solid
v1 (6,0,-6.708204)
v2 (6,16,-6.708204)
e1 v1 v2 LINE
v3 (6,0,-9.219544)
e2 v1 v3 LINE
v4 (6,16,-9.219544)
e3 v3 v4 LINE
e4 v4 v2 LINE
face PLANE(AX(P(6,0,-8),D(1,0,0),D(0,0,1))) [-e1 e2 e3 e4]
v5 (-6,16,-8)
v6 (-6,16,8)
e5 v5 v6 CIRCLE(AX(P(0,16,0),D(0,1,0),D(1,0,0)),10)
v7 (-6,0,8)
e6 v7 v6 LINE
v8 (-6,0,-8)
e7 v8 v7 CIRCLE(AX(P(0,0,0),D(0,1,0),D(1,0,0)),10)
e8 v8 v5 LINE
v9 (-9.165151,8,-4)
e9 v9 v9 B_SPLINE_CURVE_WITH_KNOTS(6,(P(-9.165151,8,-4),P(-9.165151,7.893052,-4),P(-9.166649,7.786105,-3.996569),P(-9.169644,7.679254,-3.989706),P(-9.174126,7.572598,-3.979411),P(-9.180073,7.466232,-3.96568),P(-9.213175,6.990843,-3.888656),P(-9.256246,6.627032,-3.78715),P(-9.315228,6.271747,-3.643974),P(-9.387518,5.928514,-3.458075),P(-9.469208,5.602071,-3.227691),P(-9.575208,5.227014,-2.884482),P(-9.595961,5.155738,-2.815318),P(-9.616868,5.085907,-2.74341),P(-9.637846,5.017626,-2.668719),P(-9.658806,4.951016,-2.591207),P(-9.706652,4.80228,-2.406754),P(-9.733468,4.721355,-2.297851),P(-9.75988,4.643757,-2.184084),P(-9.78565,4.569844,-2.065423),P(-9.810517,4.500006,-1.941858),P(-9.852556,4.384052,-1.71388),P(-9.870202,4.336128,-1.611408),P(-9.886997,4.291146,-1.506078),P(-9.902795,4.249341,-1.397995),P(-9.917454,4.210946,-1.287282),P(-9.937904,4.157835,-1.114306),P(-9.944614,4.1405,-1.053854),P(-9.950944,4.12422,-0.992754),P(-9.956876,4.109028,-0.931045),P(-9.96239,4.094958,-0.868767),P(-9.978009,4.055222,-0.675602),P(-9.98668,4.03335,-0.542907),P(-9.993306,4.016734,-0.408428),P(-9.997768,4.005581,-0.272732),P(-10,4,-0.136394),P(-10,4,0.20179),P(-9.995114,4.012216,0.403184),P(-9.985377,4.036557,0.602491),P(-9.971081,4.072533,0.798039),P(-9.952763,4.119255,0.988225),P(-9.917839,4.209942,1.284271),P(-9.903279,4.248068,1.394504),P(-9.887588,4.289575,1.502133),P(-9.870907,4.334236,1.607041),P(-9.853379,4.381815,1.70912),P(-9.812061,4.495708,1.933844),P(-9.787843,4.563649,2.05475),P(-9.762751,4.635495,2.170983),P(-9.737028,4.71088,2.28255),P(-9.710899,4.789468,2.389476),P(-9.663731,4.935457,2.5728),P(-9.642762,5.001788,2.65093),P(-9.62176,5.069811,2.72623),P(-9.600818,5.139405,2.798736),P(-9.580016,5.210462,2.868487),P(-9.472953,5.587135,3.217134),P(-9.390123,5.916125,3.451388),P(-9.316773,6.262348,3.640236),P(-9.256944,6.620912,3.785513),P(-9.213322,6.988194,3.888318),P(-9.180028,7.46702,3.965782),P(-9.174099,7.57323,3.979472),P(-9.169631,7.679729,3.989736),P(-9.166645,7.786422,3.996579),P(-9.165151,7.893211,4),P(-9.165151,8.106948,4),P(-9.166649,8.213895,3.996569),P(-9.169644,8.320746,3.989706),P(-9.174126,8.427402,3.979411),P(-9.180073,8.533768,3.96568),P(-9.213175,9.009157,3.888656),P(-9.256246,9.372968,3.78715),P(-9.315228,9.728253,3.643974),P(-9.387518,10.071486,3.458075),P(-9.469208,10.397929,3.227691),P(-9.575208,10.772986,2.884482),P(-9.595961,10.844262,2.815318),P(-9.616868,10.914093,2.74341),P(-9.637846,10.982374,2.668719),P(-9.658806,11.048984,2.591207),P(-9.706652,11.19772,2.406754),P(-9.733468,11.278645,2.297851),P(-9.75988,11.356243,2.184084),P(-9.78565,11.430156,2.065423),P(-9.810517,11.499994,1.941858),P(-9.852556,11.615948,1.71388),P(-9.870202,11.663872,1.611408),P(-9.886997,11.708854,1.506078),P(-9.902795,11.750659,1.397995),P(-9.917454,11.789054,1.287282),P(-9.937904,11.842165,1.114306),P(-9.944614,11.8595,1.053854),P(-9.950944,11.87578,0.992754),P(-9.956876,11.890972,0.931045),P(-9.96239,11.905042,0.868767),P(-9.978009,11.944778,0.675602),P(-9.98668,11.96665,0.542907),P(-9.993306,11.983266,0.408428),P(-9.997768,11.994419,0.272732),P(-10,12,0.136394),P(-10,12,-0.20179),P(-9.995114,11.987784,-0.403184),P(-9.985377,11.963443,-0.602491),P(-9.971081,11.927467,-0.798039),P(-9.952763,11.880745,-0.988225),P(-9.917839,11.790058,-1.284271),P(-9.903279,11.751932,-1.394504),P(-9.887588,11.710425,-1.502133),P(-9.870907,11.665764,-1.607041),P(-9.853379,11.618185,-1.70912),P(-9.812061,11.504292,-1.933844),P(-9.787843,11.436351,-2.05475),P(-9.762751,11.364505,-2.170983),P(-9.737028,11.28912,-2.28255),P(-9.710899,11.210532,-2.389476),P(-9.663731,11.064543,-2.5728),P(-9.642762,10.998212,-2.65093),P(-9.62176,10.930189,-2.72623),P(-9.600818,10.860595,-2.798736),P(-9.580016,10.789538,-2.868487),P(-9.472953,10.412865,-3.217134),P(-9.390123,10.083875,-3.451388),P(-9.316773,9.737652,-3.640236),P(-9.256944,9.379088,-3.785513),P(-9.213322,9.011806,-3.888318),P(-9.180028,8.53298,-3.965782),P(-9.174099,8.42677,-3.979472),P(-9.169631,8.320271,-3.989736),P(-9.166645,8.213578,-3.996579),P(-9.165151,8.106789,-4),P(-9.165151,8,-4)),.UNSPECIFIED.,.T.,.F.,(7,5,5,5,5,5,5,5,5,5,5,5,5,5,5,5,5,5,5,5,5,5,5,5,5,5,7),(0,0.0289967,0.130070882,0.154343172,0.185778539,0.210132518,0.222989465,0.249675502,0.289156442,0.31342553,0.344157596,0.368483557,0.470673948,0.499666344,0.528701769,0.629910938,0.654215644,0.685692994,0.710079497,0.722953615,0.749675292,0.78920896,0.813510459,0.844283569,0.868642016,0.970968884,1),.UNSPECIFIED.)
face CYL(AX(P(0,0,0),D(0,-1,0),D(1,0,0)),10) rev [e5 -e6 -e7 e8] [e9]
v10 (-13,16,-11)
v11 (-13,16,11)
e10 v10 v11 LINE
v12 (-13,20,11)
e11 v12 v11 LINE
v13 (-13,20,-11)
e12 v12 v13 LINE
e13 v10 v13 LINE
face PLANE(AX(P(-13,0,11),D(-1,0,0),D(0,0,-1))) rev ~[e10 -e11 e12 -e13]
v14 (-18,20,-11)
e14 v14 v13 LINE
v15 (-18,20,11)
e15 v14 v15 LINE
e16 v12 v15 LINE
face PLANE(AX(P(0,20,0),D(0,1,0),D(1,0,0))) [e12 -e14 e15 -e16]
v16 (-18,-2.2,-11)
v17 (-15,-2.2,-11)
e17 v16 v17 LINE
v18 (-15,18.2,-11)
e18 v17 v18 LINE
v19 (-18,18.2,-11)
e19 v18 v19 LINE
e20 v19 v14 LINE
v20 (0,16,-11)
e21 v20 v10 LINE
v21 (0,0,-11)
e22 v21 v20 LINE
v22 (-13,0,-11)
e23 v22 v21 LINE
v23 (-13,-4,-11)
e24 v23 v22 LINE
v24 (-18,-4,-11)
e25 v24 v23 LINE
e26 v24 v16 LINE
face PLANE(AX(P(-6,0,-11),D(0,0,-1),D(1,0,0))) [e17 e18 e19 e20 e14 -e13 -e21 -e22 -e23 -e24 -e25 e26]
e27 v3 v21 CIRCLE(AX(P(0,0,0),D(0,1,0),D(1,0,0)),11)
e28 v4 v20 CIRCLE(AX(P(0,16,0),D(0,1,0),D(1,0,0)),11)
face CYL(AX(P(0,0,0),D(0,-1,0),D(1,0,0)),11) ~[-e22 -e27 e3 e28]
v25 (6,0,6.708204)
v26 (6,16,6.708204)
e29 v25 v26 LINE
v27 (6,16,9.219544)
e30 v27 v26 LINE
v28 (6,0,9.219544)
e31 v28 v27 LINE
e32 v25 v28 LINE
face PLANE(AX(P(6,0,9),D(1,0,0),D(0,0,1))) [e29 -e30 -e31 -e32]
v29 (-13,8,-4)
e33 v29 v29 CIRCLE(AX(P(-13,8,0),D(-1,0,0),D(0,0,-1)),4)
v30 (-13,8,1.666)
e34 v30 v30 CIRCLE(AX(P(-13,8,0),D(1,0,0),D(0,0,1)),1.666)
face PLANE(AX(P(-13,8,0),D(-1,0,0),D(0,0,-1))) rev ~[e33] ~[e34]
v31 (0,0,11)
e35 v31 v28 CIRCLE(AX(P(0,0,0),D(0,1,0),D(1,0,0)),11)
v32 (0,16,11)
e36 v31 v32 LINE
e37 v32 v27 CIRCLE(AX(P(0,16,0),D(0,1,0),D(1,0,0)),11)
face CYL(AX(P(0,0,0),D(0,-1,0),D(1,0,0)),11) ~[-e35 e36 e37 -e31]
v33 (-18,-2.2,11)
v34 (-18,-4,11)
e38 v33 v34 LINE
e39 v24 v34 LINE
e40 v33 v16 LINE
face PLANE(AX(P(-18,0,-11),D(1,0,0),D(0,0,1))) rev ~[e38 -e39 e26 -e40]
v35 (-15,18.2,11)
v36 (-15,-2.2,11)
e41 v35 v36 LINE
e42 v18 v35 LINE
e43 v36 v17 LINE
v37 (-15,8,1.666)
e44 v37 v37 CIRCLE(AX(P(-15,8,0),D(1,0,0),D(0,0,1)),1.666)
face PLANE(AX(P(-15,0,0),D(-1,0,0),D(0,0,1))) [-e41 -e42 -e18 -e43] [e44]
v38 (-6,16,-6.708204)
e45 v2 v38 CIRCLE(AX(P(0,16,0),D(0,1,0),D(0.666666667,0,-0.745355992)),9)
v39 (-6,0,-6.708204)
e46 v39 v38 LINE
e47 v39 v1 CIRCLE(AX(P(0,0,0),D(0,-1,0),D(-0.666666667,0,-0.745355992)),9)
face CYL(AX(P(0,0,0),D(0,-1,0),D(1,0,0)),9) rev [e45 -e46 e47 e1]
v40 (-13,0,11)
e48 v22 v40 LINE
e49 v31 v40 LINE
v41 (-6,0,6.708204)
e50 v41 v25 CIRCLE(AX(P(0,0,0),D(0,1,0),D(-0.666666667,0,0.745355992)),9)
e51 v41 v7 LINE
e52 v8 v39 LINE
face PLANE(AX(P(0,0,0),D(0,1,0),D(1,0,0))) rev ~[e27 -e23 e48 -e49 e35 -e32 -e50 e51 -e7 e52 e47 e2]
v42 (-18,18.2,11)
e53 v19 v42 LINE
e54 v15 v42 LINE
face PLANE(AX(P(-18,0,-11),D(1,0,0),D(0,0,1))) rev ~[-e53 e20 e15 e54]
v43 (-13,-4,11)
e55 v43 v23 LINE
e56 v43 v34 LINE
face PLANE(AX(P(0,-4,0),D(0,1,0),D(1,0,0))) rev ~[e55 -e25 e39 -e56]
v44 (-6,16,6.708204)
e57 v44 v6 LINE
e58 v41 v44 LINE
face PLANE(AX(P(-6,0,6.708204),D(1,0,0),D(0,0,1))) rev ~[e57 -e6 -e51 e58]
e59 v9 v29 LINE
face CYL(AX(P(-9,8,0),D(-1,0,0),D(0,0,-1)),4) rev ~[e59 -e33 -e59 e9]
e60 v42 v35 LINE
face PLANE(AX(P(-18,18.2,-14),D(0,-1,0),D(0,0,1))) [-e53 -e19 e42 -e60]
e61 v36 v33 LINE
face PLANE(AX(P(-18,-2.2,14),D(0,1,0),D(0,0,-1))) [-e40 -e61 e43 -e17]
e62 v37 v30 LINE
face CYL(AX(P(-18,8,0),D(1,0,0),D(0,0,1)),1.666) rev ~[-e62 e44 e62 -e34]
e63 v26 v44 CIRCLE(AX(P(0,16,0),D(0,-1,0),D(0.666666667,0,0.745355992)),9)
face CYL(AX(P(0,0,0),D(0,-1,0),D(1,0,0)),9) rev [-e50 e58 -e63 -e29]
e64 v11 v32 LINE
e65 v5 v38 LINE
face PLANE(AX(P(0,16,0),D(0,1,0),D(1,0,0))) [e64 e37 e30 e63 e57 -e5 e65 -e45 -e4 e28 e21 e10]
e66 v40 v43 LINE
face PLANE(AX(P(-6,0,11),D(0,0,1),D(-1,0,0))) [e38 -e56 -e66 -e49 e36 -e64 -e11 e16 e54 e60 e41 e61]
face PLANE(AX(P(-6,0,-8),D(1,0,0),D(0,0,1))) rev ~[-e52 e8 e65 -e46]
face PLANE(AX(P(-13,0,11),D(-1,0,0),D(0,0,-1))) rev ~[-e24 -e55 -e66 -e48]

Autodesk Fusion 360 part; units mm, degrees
cylinder "CylinderPrimitive1" add diameter 18.5 height 80 placed x (1, 0, 0) y (0, 0, -1) z (0, 1, 0) at (0, 0, 0) makes body 1
sketch "Sketch2" plane through (0, 0, 0) normal (0, 1, 0) x (1, 0, 0)
  circle A0 centre (0, 0) radius 9
  line L0 (-23.395, 11) -> (16.2834, 11)
  line L1 (16.2834, 11) -> (16.2834, -11)
  line L2 (16.2834, -11) -> (-23.395, -11)
  line L3 (-23.395, -11) -> (-23.395, 11)
  circle A1 centre (0, 0) radius 10
  line L4 (0, 17.0641) -> (0, -18.6824) construction
  line L5 (-36.3056, 0) -> (26.2246, 0) construction
  line L6 (0, 9) -> (13.2349, 9)
  line L7 (13.2349, 9) -> (13.2349, -9)
  line L8 (13.2349, -9) -> (0, -9)
  line L9 (0, -9) -> (0, 9)
  line L10 (6, 8) -> (6, -8)
  circle A2 centre (0, 0) radius 11
  line L11 (6, 8) -> (6, 11)
  line L12 (6, -8) -> (6, -11)
  line L13 (-13, 11) -> (-18, 11)
  line L14 (-18, 11) -> (-18, -11)
  line L15 (-18, -11) -> (-13, -11)
  line L16 (-13, -11) -> (-13, 11)
  line L17 (-6, 8) -> (-6, -8)
  line L18 (-6, -8) -> (-6, -11)
  line L19 (-6, 8) -> (-6, 11)
  dimension "d3" = 18
  dimension "d4" = 11
  dimension "d5" = 11
  dimension "d6" = 1
  dimension "d7" = 6
  dimension "d8" = 2
  dimension "d9" = 5
  dimension "d10" = 13
extrude "Extrude1" add sketch "Sketch2" along normal blind 16 separate body contours A0 A1 L6 L10 | A0 A1 L8 L10 | A0 A1 L6 L17 | A1 L6 L11 | A0 A1 L8 L17 | A1 L8 L12 | A1 L6 A2 L11 L19 | A1 L8 A2 L12 L18 | A1 A2 L18 L19 | L0 A2 L19 | L0 L2 A2 L16 L18 L19 | L2 A2 L18 | L0 L2 L13 L14 L15 L16 makes body 2
sketch "Sketch3" plane through (-18, 0, 0) normal (-1, 0, 0) x (0, 0, 1)
  line L0 (-11, 0) -> (11, 0)
  line L1 (11, 0) -> (11, 16)
  line L2 (11, 16) -> (-11, 16)
  line L3 (-11, 16) -> (-11, 0)
  line L4 (11, 16) -> (-11, 0)
  line L5 (-11, 16) -> (11, 0)
  line L6 (-14, 18.2) -> (14, 18.2)
  line L7 (14, 18.2) -> (14, -2.2)
  line L8 (14, -2.2) -> (-14, -2.2)
  line L9 (-14, -2.2) -> (-14, 18.2)
  point P0 (0, 8)
  dimension "d21" = 10.2
  dimension "d22" = 10.2
  dimension "d23" = 14
  dimension "d24" = 14
hole "Hole1" at (-18, 8, 0) direction (1, 0, 0) diameter 3.332 end through all bodies 1 2
extrude "Extrude2" add sketch "Sketch2" along normal blind 20 and the other way blind 4 contours L0 L2 L13 L14 L15 L16 bodies 2
extrude "Extrude3" cut sketch "Sketch3" against normal blind 3 contours L0 L4 L5 | L3 L4 L5 | L1 L4 L5 | L2 L4 L5 | L6 L7 L8 L9 bodies 2
hole "Hole2" at (-18, 8, 0) direction (1, 0, 0) diameter 3.332 end through all bodies 1 2
ref_plane "WorkPlane1" through (-9, 0, 0) normal (1, 0, 0) x (0, 1, 0)
sketch "Sketch4" plane through (-9, 0, 0) normal (1, 0, 0) x (0, 0, -1)
  point P0 (0, 8)
hole "Hole3" at (-9, 8, 0) direction (-1, 0, 0) diameter 8 depth 4 tip angle 180 bodies 2
hidden bodies 1
